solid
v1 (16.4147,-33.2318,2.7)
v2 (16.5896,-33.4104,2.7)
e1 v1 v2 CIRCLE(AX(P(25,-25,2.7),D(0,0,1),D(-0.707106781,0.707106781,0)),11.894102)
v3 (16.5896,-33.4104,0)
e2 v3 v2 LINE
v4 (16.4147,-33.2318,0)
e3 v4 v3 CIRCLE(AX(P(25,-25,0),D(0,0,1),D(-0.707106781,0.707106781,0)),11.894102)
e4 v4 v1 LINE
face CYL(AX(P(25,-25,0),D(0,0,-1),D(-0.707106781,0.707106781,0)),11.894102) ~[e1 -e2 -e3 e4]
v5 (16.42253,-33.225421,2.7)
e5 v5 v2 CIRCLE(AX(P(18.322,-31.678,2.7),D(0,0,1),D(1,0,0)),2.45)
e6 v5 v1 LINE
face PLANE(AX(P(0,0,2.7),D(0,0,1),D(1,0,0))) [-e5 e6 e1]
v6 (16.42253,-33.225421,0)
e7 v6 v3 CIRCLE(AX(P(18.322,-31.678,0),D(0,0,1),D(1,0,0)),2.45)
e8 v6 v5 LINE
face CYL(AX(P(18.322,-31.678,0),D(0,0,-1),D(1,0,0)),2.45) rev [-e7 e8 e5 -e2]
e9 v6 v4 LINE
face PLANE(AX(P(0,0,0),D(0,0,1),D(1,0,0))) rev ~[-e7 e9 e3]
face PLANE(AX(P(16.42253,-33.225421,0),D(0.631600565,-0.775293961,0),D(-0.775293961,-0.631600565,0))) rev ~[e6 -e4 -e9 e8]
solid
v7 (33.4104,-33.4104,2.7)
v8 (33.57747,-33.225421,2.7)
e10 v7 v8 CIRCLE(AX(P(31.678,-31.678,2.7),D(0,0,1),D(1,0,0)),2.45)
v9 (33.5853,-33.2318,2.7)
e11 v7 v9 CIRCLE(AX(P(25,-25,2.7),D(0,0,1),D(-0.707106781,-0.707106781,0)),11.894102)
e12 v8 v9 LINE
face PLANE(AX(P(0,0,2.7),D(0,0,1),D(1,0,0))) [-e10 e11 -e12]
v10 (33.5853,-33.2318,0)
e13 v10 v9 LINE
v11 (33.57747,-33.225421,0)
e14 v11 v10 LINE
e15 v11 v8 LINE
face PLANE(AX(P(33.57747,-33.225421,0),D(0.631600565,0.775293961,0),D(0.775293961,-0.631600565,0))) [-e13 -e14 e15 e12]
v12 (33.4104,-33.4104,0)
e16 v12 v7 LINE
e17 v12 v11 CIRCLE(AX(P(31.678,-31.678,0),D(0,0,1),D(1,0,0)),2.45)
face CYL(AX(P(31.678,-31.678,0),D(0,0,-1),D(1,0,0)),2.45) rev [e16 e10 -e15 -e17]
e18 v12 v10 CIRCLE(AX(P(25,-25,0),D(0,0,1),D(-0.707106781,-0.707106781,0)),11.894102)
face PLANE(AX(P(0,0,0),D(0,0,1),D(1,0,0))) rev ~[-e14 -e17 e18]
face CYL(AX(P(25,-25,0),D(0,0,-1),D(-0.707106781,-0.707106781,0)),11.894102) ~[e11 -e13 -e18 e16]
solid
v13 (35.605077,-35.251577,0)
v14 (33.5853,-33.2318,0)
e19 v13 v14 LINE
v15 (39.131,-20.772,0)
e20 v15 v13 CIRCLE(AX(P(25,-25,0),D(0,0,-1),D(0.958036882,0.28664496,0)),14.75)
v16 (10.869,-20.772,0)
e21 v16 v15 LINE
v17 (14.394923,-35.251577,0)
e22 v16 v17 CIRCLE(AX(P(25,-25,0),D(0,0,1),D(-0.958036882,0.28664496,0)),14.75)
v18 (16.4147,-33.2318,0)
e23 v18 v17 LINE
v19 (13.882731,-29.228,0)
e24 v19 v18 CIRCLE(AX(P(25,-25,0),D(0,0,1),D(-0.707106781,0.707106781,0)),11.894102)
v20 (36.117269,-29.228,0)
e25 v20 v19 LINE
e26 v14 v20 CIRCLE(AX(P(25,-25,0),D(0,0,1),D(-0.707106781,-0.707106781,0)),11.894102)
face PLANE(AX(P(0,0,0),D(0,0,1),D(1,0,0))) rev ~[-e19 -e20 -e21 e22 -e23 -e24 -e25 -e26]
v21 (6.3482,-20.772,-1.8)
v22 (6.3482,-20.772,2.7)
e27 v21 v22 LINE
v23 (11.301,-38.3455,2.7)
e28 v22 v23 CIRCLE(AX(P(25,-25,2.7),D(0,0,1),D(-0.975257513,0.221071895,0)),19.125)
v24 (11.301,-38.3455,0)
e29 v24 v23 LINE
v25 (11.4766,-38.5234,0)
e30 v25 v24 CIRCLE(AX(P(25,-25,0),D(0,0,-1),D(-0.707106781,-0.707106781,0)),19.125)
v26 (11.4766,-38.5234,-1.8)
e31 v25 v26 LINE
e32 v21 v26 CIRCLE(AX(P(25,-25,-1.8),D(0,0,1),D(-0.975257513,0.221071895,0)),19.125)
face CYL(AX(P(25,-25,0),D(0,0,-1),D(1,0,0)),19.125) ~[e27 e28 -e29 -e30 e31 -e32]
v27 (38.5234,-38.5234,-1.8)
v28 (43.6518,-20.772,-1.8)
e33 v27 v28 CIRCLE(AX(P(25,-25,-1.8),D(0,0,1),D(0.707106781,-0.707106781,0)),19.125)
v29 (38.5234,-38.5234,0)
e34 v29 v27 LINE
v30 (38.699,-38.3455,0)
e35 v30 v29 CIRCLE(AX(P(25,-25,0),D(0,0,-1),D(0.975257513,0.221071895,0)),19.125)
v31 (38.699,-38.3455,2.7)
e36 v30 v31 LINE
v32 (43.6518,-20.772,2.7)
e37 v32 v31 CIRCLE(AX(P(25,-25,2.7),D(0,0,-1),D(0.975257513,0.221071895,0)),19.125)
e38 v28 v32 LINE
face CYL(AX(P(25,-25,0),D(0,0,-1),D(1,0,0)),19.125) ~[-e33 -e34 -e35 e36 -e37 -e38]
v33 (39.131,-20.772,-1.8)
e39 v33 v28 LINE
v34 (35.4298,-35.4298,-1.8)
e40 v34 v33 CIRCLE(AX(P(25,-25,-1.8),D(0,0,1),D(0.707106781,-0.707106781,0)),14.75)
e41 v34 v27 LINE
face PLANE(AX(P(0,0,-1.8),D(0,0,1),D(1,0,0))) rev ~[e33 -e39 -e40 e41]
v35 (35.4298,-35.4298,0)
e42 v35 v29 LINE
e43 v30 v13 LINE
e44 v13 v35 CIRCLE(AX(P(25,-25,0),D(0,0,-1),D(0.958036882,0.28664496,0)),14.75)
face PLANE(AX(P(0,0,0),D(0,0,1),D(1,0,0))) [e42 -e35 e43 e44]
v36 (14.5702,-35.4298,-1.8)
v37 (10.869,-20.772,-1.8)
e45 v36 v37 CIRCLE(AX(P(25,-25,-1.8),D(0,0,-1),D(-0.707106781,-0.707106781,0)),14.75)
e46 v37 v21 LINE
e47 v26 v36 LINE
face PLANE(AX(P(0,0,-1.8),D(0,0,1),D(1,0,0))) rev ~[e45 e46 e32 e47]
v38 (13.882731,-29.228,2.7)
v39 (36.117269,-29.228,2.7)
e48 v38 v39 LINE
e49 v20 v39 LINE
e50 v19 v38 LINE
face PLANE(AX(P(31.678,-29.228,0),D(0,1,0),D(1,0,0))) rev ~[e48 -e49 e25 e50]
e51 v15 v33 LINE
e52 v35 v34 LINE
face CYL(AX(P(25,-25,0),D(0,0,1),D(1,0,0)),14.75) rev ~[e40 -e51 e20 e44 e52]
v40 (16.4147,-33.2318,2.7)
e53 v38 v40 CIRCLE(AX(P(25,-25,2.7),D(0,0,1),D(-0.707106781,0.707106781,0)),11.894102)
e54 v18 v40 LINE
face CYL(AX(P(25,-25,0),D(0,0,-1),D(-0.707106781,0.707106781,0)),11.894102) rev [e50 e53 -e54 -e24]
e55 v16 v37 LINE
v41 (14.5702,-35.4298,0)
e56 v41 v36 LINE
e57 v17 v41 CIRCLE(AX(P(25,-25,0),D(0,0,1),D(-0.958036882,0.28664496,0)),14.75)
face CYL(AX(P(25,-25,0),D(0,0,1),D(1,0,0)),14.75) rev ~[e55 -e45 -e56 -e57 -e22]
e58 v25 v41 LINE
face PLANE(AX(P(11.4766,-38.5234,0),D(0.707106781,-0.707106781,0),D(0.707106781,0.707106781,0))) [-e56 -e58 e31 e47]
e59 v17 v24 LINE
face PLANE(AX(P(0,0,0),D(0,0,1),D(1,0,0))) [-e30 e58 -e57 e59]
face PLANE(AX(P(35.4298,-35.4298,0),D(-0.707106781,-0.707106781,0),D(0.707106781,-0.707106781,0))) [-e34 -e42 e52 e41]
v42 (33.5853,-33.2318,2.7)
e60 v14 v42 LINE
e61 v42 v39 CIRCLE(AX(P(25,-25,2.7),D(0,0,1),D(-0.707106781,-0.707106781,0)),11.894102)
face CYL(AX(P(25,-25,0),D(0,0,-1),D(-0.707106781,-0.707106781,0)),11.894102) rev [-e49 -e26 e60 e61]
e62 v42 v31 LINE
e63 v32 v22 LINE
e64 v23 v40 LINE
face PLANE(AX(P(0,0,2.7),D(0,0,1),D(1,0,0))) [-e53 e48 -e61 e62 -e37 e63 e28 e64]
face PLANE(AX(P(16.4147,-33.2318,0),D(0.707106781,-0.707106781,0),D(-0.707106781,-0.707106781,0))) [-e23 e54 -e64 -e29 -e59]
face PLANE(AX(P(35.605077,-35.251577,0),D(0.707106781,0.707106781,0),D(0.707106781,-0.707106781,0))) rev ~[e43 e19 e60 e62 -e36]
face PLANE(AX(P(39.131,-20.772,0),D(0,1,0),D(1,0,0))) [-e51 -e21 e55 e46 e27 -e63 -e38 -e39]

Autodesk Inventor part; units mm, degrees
ref_plane "YZ Plane" through (0, 0, 0) normal (1, 0, 0) x (0, 1, 0)
ref_plane "XZ Plane" through (0, 0, 0) normal (0, 1, 0) x (-1, 0, 0)
ref_plane "XY Plane" through (0, 0, 0) normal (0, 0, 1) x (1, 0, 0)
sketch "Sketch1" plane through (0, 0, 0) normal (0, 0, 1) x (1, 0, 0)
  line L0 (0, 0) -> (50, 0)
  line L1 (50, 0) -> (50, -50)
  line L2 (50, -50) -> (0, -50)
  line L3 (0, -50) -> (0, 0)
  line L4 (2, -2) -> (48, -2)
  line L5 (48, -2) -> (48, -48)
  line L6 (48, -48) -> (2, -48)
  line L7 (2, -48) -> (2, -2)
  line L8 (2, -2) -> (48, -48) construction
  line L9 (48, -2) -> (2, -48) construction
  circle A0 centre (25, -25) radius 19.125
  circle A1 centre (25, -25) radius 14.75
  circle A2 centre (25, -25) radius 4.175
  circle A3 centre (31.678, -18.322) radius 2.45
  circle A4 centre (25, -15.5559) radius 2.45
  circle A5 centre (18.322, -18.322) radius 2.45
  circle A6 centre (15.5559, -25) radius 2.45
  circle A7 centre (18.322, -31.678) radius 2.45
  circle A8 centre (25, -34.4441) radius 2.45
  circle A9 centre (31.678, -31.678) radius 2.45
  circle A10 centre (34.4441, -25) radius 2.45
  line L10 (50, -25) -> (-10.9328, -25) construction
  line L11 (47.5, -2.5) -> (47.5, -17.5)
  line L12 (47.5, -2.5) -> (32.5, -2.5)
  line L13 (32.5, -2.5) -> (47.5, -17.5)
  line L14 (2.5, -17.5) -> (17.5, -2.5)
  line L15 (2.5, -2.5) -> (17.5, -2.5)
  line L16 (2.5, -2.5) -> (2.5, -17.5)
  line L17 (17.5, -47.5) -> (2.5, -32.5)
  line L18 (2.5, -47.5) -> (2.5, -32.5)
  line L19 (2.5, -47.5) -> (17.5, -47.5)
  line L20 (47.5, -32.5) -> (32.5, -47.5)
  line L21 (47.5, -47.5) -> (32.5, -47.5)
  line L22 (47.5, -47.5) -> (47.5, -32.5)
  line L23 (33.4104, -33.4104) -> (35.4298, -35.4298)
  line L24 (16.5896, -16.5896) -> (14.5702, -14.5702)
  line L25 (18.322, -20.772) -> (31.678, -20.772)
  line L26 (39.131, -20.772) -> (43.6518, -20.772)
  line L27 (39.131, -20.772) -> (31.678, -20.772)
  line L28 (18.322, -20.772) -> (10.869, -20.772)
  arc A11 (16.5896, -33.4104) -> (33.4104, -16.5896) centre (25, -25) ccw
  line L29 (10.869, -20.772) -> (6.3482, -20.772)
  arc A12 (16.5896, -16.5896) -> (16.5896, -33.4104) centre (25, -25) ccw
  line L30 (11.4766, -38.5234) -> (14.5702, -35.4298)
  line L31 (16.5896, -33.4104) -> (14.5702, -35.4298)
  line L32 (35.4298, -35.4298) -> (38.5234, -38.5234)
  line L33 (18.322, -31.678) -> (16.4147, -33.2318)
  line L34 (16.4147, -33.2318) -> (11.301, -38.3455)
  line L35 (31.678, -31.678) -> (33.5853, -33.2318)
  line L36 (33.5853, -33.2318) -> (38.699, -38.3455)
  line L37 (31.678, -29.228) -> (43.6518, -29.228)
  line L38 (31.678, -29.228) -> (6.3482, -29.228)
  point P0 (13.8827, -29.228)
  point P1 (36.1173, -29.228)
  point P2 (33.5775, -33.2254)
  point P3 (16.4225, -33.2254)
  dimension "d8" = 38.25
  dimension "d4" = 50
  dimension "d5" = 50
  dimension "d6" = 46
  dimension "d7" = 46
  dimension "d9" = 29.5
  dimension "d10" = 8.35
  dimension "d11" = 4.9
  dimension "d12" = 360
  dimension "d13" = 2
  dimension "d14" = 2
  dimension "d15" = 15
  dimension "d16" = 15
  dimension "d17" = 2.5
  dimension "d18" = 2.5
  dimension "d19" = 360
  dimension "d24" = 0.25
  dimension "d25" = 0.25
extrude "Extrusion1" add sketch "Sketch1" along normal blind 2.7 contours A0 L37 A1 L26 | A0 L36 A1 L37 | L29 A1 L38 A0 | A1 L37 A11 L27 | A1 L36 A11 L37 | L38 A1 L34 A0 | L28 A12 L38 A1 | A6 | A10 | A11 L37 L38 A12 L28 L25 L27 | L38 A12 L34 A1 | A11 A9 L35 | L33 A7 A12 | A2
extrude "Extrusion2" add sketch "Sketch1" against normal blind 1.8 contours A0 L37 A1 L26 | A0 L36 A1 L37 | L29 A1 L38 A0 | A0 L32 A1 L36 | L38 A1 L34 A0 | L34 A1 L30 A0
sketch "Sketch2" plane through (0, 0, 2.7) normal (0, 0, 1) x (1, 0, 0)
  line L0 (11.3606, -22.3794) -> (41.3606, -22.3794)
  line L1 (41.3606, -22.3794) -> (41.3606, -32.6794)
  line L2 (41.3606, -32.6794) -> (11.3606, -32.6794)
  line L3 (11.3606, -32.6794) -> (11.3606, -22.3794)
  point P0 (0, 0)
  dimension "d26" = 30
  dimension "d27" = 10.3
properties part number "BaseCoilBrace"
